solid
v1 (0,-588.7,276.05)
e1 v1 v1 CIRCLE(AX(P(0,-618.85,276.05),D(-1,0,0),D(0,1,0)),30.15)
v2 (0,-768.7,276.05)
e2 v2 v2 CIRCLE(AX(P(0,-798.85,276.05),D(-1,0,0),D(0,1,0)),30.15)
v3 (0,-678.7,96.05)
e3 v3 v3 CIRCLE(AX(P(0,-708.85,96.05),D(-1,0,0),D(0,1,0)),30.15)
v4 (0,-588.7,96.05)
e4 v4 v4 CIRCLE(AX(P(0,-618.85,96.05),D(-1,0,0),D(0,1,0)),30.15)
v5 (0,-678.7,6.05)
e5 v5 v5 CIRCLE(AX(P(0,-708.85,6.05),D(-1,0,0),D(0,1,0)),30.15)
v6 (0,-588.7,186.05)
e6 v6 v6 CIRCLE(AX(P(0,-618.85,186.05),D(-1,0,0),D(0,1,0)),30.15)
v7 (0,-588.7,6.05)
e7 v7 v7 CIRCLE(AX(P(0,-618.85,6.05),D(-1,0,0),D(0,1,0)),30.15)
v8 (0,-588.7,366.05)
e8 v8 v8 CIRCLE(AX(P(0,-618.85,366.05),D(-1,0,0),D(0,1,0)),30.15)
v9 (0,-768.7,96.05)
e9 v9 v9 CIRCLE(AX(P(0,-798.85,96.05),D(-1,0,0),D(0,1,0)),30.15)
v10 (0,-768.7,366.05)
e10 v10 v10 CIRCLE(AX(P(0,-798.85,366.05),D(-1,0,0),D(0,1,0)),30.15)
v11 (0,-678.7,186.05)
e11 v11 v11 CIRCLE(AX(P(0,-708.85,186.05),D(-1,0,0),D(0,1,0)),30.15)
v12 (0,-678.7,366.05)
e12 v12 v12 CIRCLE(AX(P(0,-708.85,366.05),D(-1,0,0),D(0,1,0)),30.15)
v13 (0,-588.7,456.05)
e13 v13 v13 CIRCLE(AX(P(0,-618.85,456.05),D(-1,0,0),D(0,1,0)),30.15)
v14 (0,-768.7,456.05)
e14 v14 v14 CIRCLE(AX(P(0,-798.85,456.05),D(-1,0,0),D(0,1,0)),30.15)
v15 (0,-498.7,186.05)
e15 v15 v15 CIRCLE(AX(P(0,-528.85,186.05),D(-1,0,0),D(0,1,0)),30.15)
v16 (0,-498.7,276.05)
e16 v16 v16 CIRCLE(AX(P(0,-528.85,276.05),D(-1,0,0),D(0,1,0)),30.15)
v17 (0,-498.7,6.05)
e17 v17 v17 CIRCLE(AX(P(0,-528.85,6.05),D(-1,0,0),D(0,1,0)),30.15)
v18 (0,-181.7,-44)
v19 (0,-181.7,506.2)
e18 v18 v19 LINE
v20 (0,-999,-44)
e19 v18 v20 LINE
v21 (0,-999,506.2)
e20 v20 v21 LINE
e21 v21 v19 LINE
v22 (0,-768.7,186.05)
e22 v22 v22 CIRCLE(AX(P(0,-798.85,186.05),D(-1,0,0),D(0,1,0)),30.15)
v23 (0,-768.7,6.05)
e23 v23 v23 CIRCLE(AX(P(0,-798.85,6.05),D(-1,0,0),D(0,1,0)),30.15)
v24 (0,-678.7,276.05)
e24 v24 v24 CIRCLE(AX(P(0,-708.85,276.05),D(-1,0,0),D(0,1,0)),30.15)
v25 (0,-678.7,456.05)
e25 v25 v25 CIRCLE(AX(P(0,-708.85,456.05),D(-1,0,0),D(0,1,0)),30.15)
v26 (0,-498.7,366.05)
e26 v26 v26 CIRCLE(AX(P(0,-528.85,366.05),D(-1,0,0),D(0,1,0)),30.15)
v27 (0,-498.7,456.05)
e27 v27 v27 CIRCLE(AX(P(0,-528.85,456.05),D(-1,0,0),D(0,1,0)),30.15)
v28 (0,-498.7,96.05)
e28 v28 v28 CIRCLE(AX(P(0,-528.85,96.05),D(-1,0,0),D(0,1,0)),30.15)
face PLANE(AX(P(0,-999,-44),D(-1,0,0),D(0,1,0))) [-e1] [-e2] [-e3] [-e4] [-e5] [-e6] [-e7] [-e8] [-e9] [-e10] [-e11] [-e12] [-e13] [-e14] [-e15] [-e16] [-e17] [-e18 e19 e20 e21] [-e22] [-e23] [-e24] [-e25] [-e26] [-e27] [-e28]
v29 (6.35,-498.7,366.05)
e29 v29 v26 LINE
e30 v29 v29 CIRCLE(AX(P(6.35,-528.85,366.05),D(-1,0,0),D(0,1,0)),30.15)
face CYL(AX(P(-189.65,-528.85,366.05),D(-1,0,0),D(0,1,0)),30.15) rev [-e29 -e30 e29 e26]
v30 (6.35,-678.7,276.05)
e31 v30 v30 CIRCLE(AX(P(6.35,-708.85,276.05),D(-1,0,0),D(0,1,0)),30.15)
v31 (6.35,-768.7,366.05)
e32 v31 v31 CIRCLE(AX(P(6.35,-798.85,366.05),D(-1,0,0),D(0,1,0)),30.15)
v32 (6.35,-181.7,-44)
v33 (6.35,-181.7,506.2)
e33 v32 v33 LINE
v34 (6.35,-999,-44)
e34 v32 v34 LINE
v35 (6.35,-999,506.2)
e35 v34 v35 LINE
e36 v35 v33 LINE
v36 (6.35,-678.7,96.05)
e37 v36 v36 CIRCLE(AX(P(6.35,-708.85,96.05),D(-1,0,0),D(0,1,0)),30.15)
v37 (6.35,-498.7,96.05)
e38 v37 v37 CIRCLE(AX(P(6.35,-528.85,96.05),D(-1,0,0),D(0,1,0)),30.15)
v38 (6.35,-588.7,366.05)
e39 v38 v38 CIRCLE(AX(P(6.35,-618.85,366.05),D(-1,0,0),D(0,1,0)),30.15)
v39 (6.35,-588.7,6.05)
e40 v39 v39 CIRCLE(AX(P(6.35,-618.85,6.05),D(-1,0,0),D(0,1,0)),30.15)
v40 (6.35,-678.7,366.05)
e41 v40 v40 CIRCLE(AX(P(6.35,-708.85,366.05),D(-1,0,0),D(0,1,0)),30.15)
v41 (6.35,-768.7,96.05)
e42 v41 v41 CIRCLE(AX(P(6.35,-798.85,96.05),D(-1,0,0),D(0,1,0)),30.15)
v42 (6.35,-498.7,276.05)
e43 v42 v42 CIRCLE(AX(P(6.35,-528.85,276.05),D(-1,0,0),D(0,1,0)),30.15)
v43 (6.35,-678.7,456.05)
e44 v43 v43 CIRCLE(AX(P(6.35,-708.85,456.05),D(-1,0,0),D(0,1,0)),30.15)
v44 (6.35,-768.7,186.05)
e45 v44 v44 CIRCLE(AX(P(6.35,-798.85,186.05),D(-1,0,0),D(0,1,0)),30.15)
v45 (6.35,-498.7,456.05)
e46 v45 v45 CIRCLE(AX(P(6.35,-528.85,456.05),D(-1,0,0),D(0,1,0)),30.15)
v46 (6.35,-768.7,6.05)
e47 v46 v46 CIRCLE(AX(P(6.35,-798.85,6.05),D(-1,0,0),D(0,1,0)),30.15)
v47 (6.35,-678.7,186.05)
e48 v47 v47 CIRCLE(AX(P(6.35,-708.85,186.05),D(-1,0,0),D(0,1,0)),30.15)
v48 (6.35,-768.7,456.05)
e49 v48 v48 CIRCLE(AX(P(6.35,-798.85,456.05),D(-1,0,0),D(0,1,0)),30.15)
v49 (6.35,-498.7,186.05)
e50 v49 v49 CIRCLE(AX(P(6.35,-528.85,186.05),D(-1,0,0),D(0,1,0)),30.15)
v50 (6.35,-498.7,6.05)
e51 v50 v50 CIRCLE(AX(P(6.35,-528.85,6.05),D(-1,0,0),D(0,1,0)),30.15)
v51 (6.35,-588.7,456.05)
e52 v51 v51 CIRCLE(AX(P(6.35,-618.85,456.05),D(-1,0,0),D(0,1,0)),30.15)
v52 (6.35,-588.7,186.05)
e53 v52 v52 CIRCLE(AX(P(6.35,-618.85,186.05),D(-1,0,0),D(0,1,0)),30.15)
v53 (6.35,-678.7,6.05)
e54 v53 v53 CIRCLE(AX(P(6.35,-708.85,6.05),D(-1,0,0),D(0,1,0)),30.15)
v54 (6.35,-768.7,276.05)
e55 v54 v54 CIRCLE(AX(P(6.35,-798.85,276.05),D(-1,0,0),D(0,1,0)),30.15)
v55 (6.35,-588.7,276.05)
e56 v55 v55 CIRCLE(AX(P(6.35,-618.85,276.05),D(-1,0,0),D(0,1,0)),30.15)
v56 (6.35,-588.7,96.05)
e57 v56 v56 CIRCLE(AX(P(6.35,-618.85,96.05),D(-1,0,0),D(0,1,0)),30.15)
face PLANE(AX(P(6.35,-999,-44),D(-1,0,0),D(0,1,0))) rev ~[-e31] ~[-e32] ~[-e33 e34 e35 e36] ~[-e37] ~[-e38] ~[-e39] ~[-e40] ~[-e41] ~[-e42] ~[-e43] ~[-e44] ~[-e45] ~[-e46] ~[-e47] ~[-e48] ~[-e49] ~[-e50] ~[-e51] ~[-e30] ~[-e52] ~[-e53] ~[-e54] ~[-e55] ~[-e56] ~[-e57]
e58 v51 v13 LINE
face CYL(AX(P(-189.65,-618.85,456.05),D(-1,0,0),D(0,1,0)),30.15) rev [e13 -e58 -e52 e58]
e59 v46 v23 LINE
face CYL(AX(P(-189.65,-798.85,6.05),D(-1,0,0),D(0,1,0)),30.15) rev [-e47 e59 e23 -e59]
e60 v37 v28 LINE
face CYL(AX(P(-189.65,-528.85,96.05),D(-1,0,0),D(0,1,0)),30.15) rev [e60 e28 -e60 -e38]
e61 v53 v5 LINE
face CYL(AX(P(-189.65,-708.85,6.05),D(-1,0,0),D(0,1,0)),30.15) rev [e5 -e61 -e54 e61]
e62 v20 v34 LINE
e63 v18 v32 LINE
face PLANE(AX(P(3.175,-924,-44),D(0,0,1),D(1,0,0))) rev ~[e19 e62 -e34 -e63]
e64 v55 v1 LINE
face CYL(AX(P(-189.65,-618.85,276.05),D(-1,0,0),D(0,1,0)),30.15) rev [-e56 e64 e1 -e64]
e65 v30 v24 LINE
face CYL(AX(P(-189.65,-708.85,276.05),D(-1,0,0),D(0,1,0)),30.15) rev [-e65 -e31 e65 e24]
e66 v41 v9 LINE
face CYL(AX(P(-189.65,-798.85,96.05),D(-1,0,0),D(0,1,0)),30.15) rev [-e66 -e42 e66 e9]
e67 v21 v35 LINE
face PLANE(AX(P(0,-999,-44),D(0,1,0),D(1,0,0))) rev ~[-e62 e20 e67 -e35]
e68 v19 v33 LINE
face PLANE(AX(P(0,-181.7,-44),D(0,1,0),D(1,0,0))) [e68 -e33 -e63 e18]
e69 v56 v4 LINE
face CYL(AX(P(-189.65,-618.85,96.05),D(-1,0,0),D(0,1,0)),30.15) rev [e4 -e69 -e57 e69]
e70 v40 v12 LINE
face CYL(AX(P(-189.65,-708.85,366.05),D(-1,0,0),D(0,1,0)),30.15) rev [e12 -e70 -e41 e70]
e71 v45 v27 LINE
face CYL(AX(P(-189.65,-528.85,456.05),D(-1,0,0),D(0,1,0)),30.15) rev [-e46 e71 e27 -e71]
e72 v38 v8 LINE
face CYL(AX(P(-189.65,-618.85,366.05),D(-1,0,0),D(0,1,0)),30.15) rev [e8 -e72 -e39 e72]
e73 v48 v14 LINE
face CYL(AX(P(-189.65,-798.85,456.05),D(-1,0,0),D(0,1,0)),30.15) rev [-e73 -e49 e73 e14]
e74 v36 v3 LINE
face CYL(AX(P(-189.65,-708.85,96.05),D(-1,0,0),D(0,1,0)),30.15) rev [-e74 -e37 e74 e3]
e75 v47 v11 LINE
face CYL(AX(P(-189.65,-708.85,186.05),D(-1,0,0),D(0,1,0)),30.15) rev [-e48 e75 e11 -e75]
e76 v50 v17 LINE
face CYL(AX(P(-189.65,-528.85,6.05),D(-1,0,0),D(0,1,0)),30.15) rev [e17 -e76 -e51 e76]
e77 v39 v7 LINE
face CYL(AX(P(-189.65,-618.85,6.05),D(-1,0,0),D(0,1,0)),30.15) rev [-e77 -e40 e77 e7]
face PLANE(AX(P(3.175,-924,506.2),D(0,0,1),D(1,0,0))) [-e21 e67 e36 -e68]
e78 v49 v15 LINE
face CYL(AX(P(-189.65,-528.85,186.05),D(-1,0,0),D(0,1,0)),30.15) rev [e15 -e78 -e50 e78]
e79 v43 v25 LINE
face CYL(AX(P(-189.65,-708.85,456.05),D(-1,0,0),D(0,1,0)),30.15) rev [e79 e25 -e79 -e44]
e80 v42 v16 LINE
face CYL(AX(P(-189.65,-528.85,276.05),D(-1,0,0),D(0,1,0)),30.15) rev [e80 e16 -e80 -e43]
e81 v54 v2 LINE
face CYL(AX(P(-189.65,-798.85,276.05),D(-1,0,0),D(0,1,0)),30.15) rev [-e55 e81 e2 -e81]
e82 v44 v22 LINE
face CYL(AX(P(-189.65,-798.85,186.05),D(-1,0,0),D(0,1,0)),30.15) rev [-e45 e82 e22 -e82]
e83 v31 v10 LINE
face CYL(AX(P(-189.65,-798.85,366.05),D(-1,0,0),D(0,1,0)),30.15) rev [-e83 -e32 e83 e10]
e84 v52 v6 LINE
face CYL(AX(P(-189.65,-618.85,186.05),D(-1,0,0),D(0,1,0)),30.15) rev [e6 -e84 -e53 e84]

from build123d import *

# Parameters (mm, degrees)
BOX005_W         = 6.35
BOX005_H         = 150
BOX005_DEPTH     = 550.2
BOX004_W         = 6.35
BOX004_H         = 297
BOX004_DEPTH     = 550.2
SKETCH002_R      = 30.15
PAD001_DEPTH     = 200
ARRAY001_X_COUNT = 2
ARRAY001_X_PITCH = 1
ARRAY001_Y_COUNT = 4
ARRAY001_Y_PITCH = 90
ARRAY001_Z_COUNT = 6
ARRAY001_Z_PITCH = 90
BOX001_W         = 6.35
BOX001_H         = 370.3
BOX001_DEPTH     = 550.2


with BuildPart() as entrada_porta_tubos:
    # Box005 → Box005 (new body)
    with BuildSketch(Plane(origin=(0, -999, -44), x_dir=(1, 0, 0), z_dir=(0, 0, 1))):
        with Locations((3.175, 75)):
            Rectangle(BOX005_W, BOX005_H)
    extrude(amount=BOX005_DEPTH)


with BuildPart() as cubo004:
    # Box004 → Box004 (new body)
    with BuildSketch(Plane(origin=(0, -478.7, -44), x_dir=(1, 0, 0), z_dir=(0, 0, 1))):
        with Locations((3.175, 148.5)):
            Rectangle(BOX004_W, BOX004_H)
    extrude(amount=BOX004_DEPTH)


with BuildPart() as paquete_macho:
    # Sketch002 → Pad001 (new body)
    with BuildSketch(Plane.YZ):
        Circle(SKETCH002_R)
    extrude(amount=PAD001_DEPTH)


with BuildPart() as paquete_macho_1:
    # Body001 placement: moved
    add(paquete_macho.part.moved(Location((-418, 209, 0))))

    # Array001 X: paquete_macho ×2


with BuildPart() as paquete_macho_2:
    add(paquete_macho_1.part)
    with Locations(*[(i * ARRAY001_X_PITCH, 0, 0) for i in range(1, ARRAY001_X_COUNT)]):
        add(paquete_macho_1.part)

    # Array001 Y: paquete_macho ×4


with BuildPart() as paquete_macho_3:
    add(paquete_macho_2.part)
    with Locations(*[(0, i * ARRAY001_Y_PITCH, 0) for i in range(1, ARRAY001_Y_COUNT)]):
        add(paquete_macho_2.part)

    # Array001 Z: paquete_macho ×6


with BuildPart() as paquete_macho_4:
    add(paquete_macho_3.part)
    with Locations(*[(0, 0, i * ARRAY001_Z_PITCH) for i in range(1, ARRAY001_Z_COUNT)]):
        add(paquete_macho_3.part)


with BuildPart() as paquete_macho_5:
    # Array001 placement: moved
    add(paquete_macho_4.part.moved(Location((228.35, -1007.85, 6.05))))


with BuildPart() as placa_portatubo1:
    # Box001 → Box001 (new body)
    with BuildSketch(Plane(origin=(0, -849, -44), x_dir=(1, 0, 0), z_dir=(0, 0, 1))):
        with Locations((3.175, 185.15)):
            Rectangle(BOX001_W, BOX001_H)
    extrude(amount=BOX001_DEPTH)

    # Cut: cut paquete_macho
    add(paquete_macho_5.part, mode=Mode.SUBTRACT)

    # Fusion: union Cubo004
    add(cubo004.part)

    # Fusion001: union entrada_porta_tubos
    add(entrada_porta_tubos.part)


solid = placa_portatubo1.part
